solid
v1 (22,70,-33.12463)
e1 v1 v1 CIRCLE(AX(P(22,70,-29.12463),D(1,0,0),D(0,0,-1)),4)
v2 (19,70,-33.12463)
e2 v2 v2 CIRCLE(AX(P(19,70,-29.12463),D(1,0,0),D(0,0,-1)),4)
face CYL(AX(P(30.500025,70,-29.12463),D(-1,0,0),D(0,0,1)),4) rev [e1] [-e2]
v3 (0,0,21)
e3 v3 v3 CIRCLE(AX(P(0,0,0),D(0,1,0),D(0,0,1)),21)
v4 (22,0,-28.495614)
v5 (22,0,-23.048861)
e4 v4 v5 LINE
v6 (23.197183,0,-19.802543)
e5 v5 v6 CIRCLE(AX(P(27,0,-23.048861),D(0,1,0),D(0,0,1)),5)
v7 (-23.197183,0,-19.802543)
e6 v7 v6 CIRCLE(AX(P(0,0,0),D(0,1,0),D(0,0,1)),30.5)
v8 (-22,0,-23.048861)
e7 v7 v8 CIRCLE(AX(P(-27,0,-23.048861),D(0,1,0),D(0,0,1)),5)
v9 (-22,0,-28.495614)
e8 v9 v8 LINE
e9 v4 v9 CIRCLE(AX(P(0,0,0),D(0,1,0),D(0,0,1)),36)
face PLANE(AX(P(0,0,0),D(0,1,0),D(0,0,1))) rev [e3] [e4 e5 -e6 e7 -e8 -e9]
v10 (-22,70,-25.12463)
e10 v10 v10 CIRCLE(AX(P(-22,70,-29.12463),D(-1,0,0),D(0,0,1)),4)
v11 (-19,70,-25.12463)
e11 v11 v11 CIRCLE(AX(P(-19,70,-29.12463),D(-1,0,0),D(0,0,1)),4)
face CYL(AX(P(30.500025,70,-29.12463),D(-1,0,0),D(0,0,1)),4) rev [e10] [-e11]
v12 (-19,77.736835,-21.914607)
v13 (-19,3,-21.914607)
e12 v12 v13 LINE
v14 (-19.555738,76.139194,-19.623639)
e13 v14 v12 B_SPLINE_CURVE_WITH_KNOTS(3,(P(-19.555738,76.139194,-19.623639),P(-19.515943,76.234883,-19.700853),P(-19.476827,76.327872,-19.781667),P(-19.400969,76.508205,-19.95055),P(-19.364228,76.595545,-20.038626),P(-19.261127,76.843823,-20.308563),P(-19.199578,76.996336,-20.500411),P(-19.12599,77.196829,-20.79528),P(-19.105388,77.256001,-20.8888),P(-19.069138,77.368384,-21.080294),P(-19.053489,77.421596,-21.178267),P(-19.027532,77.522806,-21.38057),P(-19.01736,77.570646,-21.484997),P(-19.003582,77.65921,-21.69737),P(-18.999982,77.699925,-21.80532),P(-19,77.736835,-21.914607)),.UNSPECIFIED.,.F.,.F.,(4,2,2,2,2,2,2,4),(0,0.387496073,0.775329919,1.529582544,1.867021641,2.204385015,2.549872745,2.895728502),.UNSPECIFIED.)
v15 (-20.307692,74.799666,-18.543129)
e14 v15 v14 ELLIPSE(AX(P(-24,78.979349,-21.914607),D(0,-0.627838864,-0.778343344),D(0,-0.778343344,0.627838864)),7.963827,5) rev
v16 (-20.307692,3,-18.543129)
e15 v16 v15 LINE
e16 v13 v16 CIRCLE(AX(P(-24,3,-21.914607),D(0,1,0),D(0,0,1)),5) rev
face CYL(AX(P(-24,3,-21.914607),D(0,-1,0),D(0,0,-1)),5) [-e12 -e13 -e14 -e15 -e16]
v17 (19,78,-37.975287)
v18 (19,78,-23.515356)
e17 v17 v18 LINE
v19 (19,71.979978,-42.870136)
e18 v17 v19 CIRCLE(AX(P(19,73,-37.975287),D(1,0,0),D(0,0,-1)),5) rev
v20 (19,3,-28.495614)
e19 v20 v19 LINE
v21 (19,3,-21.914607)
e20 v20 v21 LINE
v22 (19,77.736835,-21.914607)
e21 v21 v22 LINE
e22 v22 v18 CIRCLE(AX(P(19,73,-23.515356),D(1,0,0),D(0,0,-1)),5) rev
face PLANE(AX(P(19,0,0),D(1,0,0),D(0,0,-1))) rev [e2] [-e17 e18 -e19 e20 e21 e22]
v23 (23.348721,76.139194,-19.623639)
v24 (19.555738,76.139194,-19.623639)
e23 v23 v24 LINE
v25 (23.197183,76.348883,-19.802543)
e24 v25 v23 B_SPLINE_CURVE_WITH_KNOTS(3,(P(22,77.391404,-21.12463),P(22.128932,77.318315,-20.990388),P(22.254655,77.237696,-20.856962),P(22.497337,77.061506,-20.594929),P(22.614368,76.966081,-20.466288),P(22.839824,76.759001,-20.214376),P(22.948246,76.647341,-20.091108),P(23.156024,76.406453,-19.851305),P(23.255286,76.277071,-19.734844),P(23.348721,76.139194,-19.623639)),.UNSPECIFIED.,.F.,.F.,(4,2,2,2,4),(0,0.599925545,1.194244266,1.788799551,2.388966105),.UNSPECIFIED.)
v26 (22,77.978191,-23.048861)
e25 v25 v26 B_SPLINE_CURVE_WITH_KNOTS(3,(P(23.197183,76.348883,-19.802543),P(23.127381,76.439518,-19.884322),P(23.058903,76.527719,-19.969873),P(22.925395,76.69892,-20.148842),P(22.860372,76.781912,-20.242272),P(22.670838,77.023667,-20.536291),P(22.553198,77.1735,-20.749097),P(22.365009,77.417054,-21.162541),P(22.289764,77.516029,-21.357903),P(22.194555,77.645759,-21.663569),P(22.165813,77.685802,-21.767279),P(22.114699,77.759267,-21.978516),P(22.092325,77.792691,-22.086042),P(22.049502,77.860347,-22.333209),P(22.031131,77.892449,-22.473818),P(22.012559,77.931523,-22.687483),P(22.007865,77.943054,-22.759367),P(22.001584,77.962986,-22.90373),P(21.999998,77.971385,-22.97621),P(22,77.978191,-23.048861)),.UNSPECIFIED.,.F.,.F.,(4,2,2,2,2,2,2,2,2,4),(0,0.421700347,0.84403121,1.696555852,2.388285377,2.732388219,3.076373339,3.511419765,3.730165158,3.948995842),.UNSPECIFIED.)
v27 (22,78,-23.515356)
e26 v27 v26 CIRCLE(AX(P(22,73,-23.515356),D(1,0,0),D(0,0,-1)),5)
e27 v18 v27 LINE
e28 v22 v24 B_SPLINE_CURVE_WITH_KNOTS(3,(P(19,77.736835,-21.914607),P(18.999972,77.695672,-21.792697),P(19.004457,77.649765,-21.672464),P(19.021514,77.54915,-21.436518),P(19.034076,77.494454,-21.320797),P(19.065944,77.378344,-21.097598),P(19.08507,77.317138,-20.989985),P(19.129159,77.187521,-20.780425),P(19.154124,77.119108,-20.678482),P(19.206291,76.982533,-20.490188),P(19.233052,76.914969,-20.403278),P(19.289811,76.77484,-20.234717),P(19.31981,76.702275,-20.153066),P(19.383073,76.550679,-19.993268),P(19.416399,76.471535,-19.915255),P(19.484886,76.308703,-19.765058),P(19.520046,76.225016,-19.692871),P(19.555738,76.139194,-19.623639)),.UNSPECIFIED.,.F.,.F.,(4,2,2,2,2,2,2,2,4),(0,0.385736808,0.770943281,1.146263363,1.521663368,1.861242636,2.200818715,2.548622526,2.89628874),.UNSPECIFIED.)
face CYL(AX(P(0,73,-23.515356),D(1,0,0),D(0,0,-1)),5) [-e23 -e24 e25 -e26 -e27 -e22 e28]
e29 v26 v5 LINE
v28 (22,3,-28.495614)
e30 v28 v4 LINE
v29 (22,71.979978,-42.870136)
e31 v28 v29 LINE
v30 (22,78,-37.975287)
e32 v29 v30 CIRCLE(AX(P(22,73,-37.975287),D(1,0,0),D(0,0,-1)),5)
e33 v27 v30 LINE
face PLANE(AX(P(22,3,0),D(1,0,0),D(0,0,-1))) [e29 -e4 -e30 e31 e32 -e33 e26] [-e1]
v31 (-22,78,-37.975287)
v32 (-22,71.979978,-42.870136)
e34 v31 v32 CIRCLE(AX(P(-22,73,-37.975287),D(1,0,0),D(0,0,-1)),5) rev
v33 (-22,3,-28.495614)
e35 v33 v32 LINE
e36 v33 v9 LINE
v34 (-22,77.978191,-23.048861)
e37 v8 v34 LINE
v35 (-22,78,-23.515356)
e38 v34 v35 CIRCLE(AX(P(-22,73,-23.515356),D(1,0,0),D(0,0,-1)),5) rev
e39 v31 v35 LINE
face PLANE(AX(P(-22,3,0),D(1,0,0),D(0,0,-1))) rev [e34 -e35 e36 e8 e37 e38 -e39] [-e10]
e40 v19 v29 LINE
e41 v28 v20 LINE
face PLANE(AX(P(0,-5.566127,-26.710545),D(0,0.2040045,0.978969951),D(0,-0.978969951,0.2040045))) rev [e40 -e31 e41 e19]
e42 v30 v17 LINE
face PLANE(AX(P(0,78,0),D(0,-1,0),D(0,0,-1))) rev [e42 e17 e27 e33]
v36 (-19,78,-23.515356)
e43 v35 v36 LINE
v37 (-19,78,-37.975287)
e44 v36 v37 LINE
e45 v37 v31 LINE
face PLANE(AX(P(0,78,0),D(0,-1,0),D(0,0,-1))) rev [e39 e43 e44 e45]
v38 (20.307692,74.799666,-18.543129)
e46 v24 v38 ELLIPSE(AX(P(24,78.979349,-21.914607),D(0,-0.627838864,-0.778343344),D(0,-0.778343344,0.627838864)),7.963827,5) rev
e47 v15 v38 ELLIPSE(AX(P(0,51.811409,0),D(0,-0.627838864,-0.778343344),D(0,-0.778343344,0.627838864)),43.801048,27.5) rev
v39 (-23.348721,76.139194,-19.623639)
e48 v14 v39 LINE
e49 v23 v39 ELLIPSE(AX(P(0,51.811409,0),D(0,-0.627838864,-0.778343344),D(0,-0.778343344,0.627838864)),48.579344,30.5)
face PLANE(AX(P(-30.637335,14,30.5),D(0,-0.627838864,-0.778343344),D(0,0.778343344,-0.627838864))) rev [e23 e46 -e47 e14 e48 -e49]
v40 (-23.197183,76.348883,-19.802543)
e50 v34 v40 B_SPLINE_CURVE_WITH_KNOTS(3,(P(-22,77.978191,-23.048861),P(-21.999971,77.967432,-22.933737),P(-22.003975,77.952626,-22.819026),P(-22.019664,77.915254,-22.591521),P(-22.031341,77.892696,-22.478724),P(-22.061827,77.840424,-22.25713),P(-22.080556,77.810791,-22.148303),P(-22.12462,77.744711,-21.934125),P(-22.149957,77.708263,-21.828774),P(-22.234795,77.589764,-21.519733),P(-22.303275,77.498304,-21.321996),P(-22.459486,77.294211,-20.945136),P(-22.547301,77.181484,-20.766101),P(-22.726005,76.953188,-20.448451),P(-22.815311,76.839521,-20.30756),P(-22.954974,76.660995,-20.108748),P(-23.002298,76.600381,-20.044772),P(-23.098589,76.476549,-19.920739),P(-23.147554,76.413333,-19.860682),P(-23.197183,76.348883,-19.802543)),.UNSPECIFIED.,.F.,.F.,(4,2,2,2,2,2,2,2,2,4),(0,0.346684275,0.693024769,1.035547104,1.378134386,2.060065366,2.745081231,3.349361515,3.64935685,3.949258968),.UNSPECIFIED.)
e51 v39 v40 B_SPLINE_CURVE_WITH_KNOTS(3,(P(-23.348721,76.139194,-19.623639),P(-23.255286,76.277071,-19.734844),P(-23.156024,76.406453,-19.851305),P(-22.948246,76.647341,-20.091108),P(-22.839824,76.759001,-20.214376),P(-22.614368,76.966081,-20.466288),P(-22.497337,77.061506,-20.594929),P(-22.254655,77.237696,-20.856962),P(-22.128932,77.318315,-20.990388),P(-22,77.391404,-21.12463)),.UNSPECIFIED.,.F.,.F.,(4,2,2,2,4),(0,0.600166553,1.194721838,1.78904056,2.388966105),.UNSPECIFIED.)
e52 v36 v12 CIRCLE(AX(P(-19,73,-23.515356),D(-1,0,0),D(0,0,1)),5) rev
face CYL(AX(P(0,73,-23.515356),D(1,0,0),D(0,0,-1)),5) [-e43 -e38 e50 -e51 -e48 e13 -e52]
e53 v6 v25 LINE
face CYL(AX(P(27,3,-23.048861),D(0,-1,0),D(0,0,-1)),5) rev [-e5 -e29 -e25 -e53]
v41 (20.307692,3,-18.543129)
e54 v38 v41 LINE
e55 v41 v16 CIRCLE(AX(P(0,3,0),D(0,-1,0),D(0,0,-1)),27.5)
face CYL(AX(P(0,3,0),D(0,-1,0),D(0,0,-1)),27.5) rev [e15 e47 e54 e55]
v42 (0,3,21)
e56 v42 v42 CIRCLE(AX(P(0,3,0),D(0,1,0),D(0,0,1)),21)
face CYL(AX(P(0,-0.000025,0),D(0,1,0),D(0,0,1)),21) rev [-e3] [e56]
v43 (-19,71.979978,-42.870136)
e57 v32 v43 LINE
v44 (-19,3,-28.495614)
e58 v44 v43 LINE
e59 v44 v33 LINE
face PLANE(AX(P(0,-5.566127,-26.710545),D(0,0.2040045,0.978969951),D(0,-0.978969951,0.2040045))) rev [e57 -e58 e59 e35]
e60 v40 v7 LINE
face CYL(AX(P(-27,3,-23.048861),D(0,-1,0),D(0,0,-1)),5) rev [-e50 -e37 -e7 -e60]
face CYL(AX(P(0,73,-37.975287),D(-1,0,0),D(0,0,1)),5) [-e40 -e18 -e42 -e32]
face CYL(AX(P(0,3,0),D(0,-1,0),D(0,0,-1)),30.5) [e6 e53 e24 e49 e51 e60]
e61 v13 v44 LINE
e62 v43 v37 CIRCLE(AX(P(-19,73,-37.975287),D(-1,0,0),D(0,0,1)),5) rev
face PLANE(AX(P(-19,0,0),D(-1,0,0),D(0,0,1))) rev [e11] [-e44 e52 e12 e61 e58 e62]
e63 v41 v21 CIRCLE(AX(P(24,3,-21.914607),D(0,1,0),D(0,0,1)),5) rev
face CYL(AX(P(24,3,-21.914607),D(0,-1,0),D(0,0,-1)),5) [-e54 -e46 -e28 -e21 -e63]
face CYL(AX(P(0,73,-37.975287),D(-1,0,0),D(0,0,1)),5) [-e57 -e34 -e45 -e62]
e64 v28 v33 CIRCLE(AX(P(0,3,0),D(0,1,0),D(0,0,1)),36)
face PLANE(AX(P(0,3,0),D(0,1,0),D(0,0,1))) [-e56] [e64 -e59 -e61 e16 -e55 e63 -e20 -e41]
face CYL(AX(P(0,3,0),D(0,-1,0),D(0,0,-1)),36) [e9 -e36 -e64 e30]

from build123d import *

# Parameters (mm, degrees)
SKETCH1_R               = 30.5
BOSS_EXTRUDE1_DEPTH     = 3
CUT_EXTRUDE1_DEPTH      = 95.663789341
CUT_EXTRUDE1_DEPTH_BACK = 95.663789341
SKETCH10_R              = 4
CUT_EXTRUDE2_DEPTH      = 104.861605143
SKETCH11_R              = 21
CUT_EXTRUDE3_DEPTH      = 93.207554018
FILLET1_R               = 5
FILLET2_R               = 5
FILLET3_R               = 5


with BuildPart() as part:
    # Sketch1 → Boss-Extrude1 (new body)
    with BuildSketch(Plane(origin=(0, 0, 0), x_dir=(1, 0, 0), z_dir=(0, 1, 0))):
        Circle(SKETCH1_R)
        with BuildLine():
            Line((22, 21.124630174), (22, 28.495613698))
            ThreePointArc((22, 28.495613698), (0, 36), (-22, 28.495613698))
            Line((-22, 28.495613698), (-22, 21.124630174))
            ThreePointArc((-22, 21.124630174), (0, 30.5), (22, 21.124630174))
        make_face()
    extrude(amount=BOSS_EXTRUDE1_DEPTH)

    # Sketch2 → Loft1 section 0
    with BuildSketch(Plane(origin=(0, 3, 0), x_dir=(1, 0, 0), z_dir=(0, 1, 0))):
        with BuildLine():
            Line((-22, 21.124630174), (-22, 28.495613698))
            Line((-22, 28.495613698), (-19, 28.495613698))
            Line((-19, 28.495613698), (-19, 19.880895352))
            ThreePointArc((-19, 19.880895352), (0, -27.5), (19, 19.880895352))
            Line((19, 19.880895352), (19, 28.495613698))
            Line((19, 28.495613698), (22, 28.495613698))
            Line((22, 28.495613698), (22, 21.124630174))
            ThreePointArc((22, 21.124630174), (0, -30.5), (-22, 21.124630174))
        make_face()
    # Sketch3 → Loft1 section 1
    with BuildSketch(Plane(origin=(0, 78, 0), x_dir=(1, 0, 0), z_dir=(0, 1, 0))):
        with BuildLine():
            Line((-22, 21.124630174), (-22, 44.124630174))
            Line((-22, 44.124630174), (-19, 44.124630174))
            Line((-19, 44.124630174), (-19, 19.880895352))
            ThreePointArc((-19, 19.880895352), (0, -27.5), (19, 19.880895352))
            Line((19, 19.880895352), (19, 44.124630174))
            Line((19, 44.124630174), (22, 44.124630174))
            Line((22, 44.124630174), (22, 21.124630174))
            ThreePointArc((22, 21.124630174), (0, -30.5), (-22, 21.124630174))
        make_face()
    loft()

    # Sketch9 → Cut-Extrude1 (cut, two sides: drawn at the far end of the back side and taken through both)
    with BuildSketch(Plane(origin=(0, 0, 0), x_dir=(0, 0, -1), z_dir=(1, 0, 0)).offset(-CUT_EXTRUDE1_DEPTH_BACK)):
        Polygon((-30.5, 14), (21.124630174, 78), (-30.5, 78), align=None)
    extrude(amount=CUT_EXTRUDE1_DEPTH + CUT_EXTRUDE1_DEPTH_BACK, mode=Mode.SUBTRACT)

    # Sketch10 → Cut-Extrude2 (cut, through all)
    with BuildSketch(Plane.ZY.offset(22)):
        with Locations((-29.124630174, 70)):
            Circle(SKETCH10_R)
    extrude(amount=-CUT_EXTRUDE2_DEPTH, mode=Mode.SUBTRACT)

    # Sketch11 → Cut-Extrude3 (cut, through all)
    with BuildSketch(Plane(origin=(0, 3, 0), x_dir=(1, 0, 0), z_dir=(0, 1, 0))):
        with Locations(Location((0, 0, 0), (0, 0, 270))):
            Circle(SKETCH11_R)
    extrude(amount=-CUT_EXTRUDE3_DEPTH, mode=Mode.SUBTRACT)

    # Fillet1
    fillet1_edges = [part.edges().sort_by_distance(p)[0] for p in [
        (-20.5, 78, -44.124630174),
        (20.5, 78, -44.124630174),
    ]]
    fillet(fillet1_edges, radius=FILLET1_R)

    # Fillet2
    fillet2_edges = [part.edges().sort_by_distance(p)[0] for p in [
        (-20.5, 78, -21.124630174),
        (20.5, 78, -21.124630174),
    ]]
    fillet(fillet2_edges, radius=FILLET2_R)

    # Fillet3
    fillet3_edges = [part.edges().sort_by_distance(p)[0] for p in [
        (19, 39.716879031, -19.880895352),
        (-19, 39.716879031, -19.880895352),
        (22, 38.695702002, -21.124630174),
        (-22, 38.695702002, -21.124630174),
    ]]
    fillet(fillet3_edges, radius=FILLET3_R)


solid = part.part
